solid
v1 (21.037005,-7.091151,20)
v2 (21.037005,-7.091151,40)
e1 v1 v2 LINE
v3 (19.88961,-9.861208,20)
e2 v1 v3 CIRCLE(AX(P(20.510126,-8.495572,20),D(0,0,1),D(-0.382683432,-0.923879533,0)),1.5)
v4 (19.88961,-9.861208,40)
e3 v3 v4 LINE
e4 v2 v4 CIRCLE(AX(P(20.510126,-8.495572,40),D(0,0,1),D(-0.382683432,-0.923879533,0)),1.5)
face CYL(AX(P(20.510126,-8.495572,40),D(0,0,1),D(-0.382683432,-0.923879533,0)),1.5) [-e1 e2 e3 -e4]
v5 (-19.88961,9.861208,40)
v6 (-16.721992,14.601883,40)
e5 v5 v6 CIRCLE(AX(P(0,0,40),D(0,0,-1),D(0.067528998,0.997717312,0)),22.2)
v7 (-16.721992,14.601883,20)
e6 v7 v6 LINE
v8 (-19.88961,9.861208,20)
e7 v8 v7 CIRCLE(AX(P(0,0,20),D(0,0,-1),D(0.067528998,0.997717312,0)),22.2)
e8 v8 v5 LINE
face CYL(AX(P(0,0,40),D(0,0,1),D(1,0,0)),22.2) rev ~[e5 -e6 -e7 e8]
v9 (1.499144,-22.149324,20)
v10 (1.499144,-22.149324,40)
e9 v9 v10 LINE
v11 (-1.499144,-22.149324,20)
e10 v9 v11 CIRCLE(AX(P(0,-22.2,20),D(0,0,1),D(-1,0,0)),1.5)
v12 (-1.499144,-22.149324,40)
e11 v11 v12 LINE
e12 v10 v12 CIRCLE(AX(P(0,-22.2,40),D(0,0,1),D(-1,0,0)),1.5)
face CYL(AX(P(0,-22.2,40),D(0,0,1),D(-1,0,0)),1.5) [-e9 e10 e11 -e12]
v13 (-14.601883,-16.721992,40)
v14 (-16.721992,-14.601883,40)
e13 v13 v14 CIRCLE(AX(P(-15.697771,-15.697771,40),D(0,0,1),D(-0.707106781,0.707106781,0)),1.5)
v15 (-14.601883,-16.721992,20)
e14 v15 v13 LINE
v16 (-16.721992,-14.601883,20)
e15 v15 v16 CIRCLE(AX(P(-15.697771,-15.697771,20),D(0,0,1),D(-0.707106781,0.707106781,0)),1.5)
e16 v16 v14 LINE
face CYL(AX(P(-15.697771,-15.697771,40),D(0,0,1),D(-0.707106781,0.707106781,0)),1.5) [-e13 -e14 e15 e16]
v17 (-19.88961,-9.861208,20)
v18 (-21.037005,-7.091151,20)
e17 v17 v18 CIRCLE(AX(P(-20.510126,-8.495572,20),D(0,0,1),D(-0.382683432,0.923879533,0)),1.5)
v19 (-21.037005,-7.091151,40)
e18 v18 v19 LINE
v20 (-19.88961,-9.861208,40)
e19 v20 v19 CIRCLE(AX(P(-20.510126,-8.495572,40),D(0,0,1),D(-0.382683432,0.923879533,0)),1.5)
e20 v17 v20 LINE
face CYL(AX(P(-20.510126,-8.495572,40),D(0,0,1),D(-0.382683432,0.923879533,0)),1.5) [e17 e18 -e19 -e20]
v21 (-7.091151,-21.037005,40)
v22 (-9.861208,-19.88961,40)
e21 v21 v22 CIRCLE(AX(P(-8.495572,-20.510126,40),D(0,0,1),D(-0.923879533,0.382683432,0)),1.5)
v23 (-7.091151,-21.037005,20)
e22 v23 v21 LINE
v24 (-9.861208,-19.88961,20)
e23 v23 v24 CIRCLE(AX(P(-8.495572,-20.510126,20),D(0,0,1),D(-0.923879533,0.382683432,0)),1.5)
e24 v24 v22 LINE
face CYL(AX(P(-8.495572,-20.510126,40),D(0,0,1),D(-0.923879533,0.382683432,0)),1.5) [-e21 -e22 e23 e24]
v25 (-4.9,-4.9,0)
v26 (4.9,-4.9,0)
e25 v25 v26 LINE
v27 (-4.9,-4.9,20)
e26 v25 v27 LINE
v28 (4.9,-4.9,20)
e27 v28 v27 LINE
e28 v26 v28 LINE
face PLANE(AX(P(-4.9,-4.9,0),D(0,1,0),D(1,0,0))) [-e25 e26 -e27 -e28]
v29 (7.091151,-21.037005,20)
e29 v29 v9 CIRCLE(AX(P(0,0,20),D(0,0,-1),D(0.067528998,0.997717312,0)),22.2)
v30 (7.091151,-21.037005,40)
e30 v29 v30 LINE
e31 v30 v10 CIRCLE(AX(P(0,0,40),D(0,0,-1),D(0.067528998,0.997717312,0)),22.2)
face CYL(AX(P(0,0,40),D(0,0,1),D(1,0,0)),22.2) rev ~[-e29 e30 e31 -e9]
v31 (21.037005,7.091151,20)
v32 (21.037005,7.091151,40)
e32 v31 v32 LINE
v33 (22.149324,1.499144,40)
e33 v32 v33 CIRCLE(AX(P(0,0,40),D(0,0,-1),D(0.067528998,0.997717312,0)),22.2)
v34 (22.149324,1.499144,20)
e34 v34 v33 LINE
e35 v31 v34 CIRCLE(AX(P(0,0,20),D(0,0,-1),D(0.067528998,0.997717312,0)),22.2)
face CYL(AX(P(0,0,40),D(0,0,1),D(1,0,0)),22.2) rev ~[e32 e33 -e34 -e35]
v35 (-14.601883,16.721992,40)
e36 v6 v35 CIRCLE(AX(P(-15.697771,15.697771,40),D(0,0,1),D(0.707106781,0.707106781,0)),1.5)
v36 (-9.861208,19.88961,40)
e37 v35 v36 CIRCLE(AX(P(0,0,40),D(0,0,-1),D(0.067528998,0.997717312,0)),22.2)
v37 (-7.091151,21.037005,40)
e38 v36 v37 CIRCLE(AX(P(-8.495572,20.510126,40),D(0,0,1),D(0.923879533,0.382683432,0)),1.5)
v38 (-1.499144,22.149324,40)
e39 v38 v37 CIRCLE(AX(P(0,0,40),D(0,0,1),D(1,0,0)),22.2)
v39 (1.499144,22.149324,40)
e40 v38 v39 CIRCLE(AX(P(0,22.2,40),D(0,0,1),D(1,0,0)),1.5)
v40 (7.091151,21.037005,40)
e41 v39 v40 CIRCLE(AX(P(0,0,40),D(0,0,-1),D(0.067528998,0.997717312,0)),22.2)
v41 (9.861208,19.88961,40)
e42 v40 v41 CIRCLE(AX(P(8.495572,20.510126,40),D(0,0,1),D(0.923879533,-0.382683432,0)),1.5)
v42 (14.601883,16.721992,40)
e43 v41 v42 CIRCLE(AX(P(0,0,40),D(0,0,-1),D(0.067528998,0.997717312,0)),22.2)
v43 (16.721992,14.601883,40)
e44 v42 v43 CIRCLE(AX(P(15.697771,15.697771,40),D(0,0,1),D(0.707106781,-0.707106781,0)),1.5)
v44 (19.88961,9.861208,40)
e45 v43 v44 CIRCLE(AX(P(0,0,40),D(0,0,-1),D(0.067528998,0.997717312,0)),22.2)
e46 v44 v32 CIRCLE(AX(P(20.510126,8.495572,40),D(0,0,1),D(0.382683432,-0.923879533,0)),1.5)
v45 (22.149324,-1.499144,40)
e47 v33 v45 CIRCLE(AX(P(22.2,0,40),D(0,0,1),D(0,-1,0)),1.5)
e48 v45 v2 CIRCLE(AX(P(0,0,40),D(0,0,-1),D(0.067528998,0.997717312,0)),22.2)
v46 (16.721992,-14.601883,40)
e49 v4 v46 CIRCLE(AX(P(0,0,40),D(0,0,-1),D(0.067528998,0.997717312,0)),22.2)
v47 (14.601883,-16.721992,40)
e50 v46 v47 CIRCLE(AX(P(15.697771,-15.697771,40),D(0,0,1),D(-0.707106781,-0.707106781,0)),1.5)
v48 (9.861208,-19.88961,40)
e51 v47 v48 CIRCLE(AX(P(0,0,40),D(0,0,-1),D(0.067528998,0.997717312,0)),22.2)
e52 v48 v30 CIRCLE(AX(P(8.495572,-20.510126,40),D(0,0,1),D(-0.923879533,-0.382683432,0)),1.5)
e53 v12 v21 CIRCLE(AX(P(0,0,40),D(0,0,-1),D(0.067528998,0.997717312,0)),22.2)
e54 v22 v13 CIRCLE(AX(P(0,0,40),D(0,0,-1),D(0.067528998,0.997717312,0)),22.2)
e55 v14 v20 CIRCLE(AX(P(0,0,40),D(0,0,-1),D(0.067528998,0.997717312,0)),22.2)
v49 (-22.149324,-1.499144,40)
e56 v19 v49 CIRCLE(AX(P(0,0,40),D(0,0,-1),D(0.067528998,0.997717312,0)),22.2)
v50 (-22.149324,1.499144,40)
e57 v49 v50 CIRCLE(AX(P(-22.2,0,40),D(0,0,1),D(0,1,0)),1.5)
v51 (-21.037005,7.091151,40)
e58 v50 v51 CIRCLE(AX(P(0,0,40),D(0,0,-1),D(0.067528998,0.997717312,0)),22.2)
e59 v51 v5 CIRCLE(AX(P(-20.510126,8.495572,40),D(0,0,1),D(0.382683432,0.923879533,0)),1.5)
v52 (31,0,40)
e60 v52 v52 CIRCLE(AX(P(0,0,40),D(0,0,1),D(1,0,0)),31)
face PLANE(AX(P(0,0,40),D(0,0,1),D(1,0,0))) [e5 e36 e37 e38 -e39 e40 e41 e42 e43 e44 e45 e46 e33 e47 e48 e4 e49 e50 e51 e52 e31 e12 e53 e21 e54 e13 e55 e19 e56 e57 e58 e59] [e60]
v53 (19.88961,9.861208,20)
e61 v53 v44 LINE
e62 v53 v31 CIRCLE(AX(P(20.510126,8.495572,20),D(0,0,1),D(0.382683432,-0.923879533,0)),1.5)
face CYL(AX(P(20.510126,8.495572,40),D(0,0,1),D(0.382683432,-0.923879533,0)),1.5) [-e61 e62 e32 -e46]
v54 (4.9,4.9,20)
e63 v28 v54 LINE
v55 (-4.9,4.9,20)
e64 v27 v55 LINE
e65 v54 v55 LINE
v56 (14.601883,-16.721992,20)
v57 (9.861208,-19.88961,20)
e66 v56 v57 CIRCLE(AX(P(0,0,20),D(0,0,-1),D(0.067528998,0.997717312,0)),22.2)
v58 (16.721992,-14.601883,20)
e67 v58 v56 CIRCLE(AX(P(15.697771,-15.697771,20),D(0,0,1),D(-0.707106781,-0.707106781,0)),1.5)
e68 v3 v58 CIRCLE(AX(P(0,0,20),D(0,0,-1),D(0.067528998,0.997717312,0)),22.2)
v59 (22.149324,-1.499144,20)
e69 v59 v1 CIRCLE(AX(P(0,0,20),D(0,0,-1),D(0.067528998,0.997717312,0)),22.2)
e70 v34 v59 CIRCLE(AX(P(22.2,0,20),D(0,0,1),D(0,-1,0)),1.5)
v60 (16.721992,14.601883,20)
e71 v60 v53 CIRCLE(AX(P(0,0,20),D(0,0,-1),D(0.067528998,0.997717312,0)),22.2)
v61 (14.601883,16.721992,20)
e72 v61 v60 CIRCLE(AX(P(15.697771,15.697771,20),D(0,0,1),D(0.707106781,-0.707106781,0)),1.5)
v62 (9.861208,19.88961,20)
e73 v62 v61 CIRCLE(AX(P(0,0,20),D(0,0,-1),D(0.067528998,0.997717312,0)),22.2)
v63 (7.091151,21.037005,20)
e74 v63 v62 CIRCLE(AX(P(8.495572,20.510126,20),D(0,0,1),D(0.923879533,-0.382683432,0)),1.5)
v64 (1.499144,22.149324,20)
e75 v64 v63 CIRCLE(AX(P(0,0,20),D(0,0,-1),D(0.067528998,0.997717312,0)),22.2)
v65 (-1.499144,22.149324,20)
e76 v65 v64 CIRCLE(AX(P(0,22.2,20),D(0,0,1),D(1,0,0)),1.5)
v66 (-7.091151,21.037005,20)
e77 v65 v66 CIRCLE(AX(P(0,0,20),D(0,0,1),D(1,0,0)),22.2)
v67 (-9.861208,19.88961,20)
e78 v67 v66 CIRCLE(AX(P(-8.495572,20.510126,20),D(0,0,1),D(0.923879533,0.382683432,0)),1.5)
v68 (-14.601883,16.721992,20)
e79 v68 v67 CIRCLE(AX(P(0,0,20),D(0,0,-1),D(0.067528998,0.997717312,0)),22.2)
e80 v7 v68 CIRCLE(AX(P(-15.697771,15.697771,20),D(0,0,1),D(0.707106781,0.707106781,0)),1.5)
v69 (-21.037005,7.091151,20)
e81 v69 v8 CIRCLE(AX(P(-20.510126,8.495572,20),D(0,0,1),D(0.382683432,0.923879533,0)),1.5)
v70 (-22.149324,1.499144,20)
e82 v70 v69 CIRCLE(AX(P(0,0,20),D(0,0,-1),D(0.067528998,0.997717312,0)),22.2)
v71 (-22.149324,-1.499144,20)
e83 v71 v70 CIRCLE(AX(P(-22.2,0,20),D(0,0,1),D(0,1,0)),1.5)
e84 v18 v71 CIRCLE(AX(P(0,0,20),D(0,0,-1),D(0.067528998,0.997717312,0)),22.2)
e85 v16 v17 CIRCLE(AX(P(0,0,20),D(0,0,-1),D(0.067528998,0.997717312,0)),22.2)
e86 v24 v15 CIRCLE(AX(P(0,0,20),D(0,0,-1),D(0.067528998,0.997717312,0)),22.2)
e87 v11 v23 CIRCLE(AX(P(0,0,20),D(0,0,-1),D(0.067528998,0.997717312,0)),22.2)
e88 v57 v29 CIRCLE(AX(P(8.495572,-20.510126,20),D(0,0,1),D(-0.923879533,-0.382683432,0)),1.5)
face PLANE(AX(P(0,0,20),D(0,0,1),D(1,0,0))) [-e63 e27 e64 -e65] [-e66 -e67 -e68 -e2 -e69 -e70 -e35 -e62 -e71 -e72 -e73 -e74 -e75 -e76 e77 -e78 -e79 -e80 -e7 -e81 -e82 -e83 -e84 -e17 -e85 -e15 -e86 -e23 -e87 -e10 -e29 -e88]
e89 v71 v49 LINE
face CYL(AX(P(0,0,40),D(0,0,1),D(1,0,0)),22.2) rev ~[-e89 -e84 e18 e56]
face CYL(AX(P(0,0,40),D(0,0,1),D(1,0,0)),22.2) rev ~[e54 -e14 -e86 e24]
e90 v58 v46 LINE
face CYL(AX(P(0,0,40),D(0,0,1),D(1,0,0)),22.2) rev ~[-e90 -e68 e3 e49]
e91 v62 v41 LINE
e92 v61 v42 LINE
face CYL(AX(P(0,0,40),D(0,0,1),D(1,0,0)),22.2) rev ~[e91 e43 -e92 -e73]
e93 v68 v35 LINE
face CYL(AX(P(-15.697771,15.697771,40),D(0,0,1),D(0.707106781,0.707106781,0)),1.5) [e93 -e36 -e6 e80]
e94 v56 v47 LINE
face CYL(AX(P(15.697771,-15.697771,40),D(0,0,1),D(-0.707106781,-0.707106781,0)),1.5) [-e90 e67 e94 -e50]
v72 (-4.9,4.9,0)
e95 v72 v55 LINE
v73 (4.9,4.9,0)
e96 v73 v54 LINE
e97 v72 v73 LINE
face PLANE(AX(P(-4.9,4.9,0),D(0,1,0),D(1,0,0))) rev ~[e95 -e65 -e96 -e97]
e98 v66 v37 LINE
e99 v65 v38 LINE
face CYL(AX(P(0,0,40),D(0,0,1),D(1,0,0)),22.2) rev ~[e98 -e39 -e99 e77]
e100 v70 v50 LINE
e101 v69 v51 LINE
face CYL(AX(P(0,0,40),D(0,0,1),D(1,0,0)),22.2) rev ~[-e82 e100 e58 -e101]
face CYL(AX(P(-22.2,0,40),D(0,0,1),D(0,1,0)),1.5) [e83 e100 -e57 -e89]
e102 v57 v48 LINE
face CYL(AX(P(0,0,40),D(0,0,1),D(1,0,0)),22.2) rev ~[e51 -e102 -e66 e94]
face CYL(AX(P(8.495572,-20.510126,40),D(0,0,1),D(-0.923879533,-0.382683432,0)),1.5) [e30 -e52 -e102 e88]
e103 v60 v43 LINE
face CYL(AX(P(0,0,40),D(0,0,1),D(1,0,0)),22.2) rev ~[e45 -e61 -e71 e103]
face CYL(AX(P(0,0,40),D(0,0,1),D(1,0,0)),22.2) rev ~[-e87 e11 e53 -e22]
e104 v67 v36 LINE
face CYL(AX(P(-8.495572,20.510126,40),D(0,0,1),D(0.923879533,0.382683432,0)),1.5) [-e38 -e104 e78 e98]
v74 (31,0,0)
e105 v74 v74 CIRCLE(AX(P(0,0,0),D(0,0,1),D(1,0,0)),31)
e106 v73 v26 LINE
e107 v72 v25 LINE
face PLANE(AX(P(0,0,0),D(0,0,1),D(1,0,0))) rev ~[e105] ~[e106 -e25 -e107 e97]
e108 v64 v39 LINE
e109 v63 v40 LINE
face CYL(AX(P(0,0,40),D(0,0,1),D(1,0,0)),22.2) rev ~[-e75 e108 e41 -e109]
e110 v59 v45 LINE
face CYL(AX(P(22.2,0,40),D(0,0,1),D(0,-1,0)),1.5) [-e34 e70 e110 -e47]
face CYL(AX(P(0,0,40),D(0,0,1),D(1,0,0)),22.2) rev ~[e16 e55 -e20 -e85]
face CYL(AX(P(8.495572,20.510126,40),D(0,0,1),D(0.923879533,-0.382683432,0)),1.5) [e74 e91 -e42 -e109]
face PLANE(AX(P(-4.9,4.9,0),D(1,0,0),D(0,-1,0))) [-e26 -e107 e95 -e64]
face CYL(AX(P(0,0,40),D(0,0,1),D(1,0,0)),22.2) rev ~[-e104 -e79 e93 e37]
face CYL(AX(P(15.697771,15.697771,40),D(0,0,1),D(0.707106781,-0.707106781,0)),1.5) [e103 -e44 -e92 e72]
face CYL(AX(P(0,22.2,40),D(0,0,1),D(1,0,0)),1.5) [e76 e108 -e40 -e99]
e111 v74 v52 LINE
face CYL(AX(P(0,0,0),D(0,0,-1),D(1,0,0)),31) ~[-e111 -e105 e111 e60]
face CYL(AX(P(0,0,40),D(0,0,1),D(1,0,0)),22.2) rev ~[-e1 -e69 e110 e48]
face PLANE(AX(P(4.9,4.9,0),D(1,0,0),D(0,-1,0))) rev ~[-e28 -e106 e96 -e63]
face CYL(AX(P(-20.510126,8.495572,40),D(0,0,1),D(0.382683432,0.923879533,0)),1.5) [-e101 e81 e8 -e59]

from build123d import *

# Parameters (mm, degrees)
SKETCH_R           = 31
PAD_DEPTH          = 40
SKETCH001_R        = 22.2
POCKET_DEPTH       = 20
SKETCH002_R        = 1.5
PAD001_DEPTH       = 25
POLARPATTERN_COUNT = 16
SKETCH003_W        = 9.8
SKETCH003_H        = 9.8
POCKET001_DEPTH    = 40.001


with BuildPart() as part:
    # Sketch → Pad (new body)
    with BuildSketch(Plane.XY):
        Circle(SKETCH_R)
    extrude(amount=PAD_DEPTH)

    # Sketch001 → Pocket (cut)
    with BuildSketch(Plane.XY.offset(40)):
        Circle(SKETCH001_R)
    extrude(amount=-POCKET_DEPTH, mode=Mode.SUBTRACT)

    # Sketch002 → Pad001 (new body)
    with BuildSketch(Plane.XY.offset(40)):
        with Locations((0, 22.2)):
            Circle(SKETCH002_R)
    pad001 = extrude(amount=-PAD001_DEPTH)

    # PolarPattern: Pad001 ×16 about axis
    polarpattern_axis = Axis((0, 0, 40), (0, 0, 1))
    for i in range(1, POLARPATTERN_COUNT):
        add(pad001.rotate(polarpattern_axis, i * 360 / POLARPATTERN_COUNT))

    # Sketch003 → Pocket001 (cut, through all)
    with BuildSketch(Plane(origin=(0, 0, 0), x_dir=(1, 0, 0), z_dir=(0, 0, -1))):
        Rectangle(SKETCH003_W, SKETCH003_H)
    extrude(amount=-POCKET001_DEPTH, mode=Mode.SUBTRACT)


solid = part.part
